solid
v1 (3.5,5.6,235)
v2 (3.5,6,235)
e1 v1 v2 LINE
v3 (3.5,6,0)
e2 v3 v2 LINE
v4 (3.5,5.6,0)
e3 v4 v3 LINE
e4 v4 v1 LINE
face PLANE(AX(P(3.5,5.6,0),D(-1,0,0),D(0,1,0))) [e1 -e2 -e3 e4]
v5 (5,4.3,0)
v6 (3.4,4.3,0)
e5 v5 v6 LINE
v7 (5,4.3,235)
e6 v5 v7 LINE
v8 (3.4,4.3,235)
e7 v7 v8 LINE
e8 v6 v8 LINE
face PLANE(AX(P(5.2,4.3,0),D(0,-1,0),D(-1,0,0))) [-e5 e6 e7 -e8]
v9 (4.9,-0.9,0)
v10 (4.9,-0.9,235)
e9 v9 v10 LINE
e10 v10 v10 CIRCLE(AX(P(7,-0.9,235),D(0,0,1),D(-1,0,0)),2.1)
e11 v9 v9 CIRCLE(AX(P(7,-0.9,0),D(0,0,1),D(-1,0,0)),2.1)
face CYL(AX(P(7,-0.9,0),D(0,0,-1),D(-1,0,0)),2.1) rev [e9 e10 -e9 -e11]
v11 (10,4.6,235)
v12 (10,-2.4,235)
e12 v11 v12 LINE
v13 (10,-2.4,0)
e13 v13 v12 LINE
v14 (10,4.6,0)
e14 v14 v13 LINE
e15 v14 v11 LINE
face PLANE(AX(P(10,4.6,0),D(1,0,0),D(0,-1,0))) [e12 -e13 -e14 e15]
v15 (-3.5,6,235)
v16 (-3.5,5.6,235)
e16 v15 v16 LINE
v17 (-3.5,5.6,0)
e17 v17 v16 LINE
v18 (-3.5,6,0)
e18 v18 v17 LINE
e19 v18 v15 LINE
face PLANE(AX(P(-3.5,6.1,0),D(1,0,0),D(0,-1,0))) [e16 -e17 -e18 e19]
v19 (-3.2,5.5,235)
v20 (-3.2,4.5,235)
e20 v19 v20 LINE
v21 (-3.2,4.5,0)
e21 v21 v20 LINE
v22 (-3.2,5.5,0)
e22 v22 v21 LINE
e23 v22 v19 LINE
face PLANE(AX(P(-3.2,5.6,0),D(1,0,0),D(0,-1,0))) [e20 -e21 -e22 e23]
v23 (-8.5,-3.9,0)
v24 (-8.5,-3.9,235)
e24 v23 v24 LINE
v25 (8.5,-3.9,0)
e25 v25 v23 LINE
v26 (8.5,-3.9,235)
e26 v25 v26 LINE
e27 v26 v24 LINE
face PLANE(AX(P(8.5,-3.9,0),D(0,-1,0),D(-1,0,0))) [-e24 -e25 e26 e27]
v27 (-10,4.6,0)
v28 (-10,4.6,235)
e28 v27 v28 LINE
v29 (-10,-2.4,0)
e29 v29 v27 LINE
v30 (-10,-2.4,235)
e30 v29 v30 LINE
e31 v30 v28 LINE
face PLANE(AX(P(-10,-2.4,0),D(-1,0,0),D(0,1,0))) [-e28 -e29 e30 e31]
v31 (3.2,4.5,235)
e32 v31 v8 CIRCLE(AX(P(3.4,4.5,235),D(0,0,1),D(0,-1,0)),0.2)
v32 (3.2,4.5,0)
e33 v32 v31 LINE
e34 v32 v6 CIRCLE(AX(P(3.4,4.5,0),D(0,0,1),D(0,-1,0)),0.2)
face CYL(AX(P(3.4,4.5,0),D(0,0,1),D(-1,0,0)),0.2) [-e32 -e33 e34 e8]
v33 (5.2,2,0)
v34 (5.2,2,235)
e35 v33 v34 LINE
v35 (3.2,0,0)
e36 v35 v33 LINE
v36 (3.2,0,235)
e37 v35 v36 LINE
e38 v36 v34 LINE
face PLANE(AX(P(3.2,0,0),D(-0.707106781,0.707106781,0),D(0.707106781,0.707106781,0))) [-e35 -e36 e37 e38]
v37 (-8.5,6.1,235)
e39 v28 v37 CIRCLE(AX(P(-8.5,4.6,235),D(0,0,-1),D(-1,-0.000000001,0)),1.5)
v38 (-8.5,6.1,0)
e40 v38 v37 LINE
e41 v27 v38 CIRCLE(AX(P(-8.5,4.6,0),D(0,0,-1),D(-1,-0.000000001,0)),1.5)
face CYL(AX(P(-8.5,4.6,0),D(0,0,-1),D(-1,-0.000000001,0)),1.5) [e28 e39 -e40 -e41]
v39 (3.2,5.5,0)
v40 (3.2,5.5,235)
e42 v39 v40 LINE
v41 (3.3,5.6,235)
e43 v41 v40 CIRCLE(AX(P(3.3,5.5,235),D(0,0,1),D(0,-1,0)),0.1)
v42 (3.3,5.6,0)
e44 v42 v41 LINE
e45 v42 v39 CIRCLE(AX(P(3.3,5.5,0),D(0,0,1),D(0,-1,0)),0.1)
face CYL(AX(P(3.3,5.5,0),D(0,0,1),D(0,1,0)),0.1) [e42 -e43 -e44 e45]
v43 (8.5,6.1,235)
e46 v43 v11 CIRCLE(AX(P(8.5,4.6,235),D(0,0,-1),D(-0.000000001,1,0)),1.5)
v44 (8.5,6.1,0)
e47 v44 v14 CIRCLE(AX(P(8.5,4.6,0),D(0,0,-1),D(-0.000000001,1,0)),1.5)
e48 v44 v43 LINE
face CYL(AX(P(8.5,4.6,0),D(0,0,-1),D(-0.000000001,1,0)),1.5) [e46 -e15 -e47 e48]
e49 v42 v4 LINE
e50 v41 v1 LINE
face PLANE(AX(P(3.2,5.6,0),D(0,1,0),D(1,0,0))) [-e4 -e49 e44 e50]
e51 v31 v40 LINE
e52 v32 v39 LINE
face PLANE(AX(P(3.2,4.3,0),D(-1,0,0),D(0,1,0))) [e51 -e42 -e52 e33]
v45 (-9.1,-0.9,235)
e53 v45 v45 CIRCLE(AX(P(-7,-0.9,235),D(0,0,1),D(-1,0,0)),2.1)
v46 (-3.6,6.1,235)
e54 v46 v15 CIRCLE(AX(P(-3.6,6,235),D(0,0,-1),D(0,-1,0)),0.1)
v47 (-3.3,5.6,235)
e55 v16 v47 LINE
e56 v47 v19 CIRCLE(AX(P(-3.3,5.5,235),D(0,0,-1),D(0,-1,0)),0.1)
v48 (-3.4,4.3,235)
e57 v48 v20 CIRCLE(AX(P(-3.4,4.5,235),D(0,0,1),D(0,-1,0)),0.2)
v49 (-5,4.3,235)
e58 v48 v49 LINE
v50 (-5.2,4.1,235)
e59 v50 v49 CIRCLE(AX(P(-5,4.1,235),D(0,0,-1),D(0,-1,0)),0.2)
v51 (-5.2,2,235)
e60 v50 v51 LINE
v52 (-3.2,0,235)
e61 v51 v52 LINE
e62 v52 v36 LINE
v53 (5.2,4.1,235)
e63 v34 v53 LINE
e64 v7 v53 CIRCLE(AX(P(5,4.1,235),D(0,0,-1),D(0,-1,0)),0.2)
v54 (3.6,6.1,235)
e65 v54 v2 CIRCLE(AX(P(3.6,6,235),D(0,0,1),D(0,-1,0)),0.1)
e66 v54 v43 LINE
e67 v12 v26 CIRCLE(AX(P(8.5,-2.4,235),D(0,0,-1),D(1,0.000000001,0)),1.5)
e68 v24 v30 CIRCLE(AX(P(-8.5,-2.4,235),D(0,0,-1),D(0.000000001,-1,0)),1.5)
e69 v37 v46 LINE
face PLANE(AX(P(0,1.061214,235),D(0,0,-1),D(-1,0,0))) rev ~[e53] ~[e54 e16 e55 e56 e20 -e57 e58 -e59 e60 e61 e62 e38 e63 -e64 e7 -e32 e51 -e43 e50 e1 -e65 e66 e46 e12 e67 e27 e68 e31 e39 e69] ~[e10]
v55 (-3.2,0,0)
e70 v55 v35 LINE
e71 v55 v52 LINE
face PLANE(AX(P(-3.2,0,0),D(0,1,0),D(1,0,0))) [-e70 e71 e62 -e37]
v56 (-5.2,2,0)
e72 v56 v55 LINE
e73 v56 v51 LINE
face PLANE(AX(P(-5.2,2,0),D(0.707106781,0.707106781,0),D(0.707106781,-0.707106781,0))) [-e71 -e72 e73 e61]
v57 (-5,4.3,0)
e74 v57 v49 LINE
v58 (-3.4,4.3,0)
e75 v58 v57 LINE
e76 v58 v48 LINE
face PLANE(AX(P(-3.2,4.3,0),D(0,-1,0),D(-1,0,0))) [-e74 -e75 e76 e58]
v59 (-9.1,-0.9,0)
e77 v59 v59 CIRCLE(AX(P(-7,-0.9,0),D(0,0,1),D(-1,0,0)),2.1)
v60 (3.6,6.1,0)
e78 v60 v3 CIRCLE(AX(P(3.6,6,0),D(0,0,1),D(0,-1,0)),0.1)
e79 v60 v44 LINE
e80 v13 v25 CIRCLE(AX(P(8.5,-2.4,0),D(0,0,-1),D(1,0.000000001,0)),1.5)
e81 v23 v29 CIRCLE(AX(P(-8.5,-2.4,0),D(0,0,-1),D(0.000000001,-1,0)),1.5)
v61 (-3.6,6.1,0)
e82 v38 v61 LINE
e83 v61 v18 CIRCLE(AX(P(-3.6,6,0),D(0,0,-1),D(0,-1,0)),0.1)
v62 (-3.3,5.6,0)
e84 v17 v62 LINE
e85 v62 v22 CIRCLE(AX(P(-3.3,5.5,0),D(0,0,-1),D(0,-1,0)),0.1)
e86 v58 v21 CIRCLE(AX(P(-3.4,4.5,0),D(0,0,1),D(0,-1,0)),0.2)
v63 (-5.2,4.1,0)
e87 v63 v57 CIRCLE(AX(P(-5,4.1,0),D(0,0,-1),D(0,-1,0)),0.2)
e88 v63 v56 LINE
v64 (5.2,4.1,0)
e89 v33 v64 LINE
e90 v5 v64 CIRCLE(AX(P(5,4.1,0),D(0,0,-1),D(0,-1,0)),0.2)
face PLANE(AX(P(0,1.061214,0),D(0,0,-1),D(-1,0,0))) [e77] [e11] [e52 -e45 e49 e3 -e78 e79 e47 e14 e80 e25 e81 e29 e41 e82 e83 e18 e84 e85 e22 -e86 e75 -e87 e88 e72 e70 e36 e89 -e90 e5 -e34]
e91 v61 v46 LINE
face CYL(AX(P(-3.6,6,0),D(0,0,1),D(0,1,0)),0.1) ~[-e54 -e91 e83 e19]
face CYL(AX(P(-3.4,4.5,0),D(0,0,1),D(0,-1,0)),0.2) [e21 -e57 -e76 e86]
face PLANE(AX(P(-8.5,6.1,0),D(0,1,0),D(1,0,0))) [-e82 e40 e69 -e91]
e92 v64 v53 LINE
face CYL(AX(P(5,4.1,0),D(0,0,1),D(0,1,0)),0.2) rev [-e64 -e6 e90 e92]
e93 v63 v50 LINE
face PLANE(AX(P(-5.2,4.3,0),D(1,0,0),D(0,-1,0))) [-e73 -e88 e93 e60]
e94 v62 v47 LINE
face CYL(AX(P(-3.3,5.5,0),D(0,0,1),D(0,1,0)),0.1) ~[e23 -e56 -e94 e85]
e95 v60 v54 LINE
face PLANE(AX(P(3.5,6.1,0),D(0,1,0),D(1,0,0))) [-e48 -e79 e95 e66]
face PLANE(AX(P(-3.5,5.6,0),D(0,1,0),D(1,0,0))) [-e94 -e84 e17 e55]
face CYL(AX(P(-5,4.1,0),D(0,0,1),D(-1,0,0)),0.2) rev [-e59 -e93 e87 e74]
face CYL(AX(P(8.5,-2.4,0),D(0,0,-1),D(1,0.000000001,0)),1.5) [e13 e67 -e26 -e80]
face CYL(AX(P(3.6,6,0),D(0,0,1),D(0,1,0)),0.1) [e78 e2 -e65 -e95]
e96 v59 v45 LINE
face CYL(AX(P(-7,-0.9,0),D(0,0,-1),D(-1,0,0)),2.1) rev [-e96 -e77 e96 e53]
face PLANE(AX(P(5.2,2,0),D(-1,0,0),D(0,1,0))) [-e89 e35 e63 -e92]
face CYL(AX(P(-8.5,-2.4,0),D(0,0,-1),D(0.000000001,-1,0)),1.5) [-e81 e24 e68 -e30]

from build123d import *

# Parameters (mm, degrees)
SKETCH_1_R      = 2.1
EXTRUDE_1_DEPTH = 235
FILLET_1_R      = 0.1
FILLET_2_R      = 0.2


with BuildPart() as part:
    # 草图1 → 凸台-拉伸1 (new body)
    with BuildSketch(Plane.XY):
        with BuildLine():
            Line((8.5, -3.9), (-8.5, -3.9))
            ThreePointArc((-8.5, -3.9), (-9.560660172, -3.460660172), (-10, -2.4))
            Line((-10, -2.4), (-10, 4.6))
            ThreePointArc((-10, 4.6), (-9.560660172, 5.660660172), (-8.5, 6.1))
            Line((-8.5, 6.1), (-3.5, 6.1))
            Line((-3.5, 6.1), (-3.5, 5.6))
            Line((-3.5, 5.6), (-3.2, 5.6))
            Line((-3.2, 5.6), (-3.2, 4.3))
            Line((-3.2, 4.3), (-5.2, 4.3))
            Line((-5.2, 4.3), (-5.2, 2))
            Line((-5.2, 2), (-3.2, 0))
            Line((-3.2, 0), (3.2, 0))
            Line((3.2, 0), (5.2, 2))
            Line((5.2, 2), (5.2, 4.3))
            Line((5.2, 4.3), (3.2, 4.3))
            Line((3.2, 4.3), (3.2, 5.6))
            Line((3.2, 5.6), (3.5, 5.6))
            Line((3.5, 5.6), (3.5, 6.1))
            Line((3.5, 6.1), (8.5, 6.1))
            ThreePointArc((8.5, 6.1), (9.560660172, 5.660660172), (10, 4.6))
            Line((10, 4.6), (10, -2.4))
            ThreePointArc((10, -2.4), (9.560660172, -3.460660172), (8.5, -3.9))
        make_face()
        with Locations(Location((-7, -0.9, 0), (0, 0, 180))):
            Circle(SKETCH_1_R, mode=Mode.SUBTRACT)
        with Locations(Location((7, -0.9, 0), (0, 0, 180))):
            Circle(SKETCH_1_R, mode=Mode.SUBTRACT)
    extrude(amount=EXTRUDE_1_DEPTH)

    # 圆角1
    fillet_1_edges = [part.edges().sort_by_distance(p)[0] for p in [
        (3.2, 5.6, 117.5),
        (3.5, 6.1, 117.5),
        (-3.5, 6.1, 117.5),
        (-3.2, 5.6, 117.5),
    ]]
    fillet(fillet_1_edges, radius=FILLET_1_R)

    # 圆角2
    fillet_2_edges = [part.edges().sort_by_distance(p)[0] for p in [
        (5.2, 4.3, 117.5),
        (3.2, 4.3, 117.5),
        (-3.2, 4.3, 117.5),
        (-5.2, 4.3, 117.5),
    ]]
    fillet(fillet_2_edges, radius=FILLET_2_R)


solid = part.part
